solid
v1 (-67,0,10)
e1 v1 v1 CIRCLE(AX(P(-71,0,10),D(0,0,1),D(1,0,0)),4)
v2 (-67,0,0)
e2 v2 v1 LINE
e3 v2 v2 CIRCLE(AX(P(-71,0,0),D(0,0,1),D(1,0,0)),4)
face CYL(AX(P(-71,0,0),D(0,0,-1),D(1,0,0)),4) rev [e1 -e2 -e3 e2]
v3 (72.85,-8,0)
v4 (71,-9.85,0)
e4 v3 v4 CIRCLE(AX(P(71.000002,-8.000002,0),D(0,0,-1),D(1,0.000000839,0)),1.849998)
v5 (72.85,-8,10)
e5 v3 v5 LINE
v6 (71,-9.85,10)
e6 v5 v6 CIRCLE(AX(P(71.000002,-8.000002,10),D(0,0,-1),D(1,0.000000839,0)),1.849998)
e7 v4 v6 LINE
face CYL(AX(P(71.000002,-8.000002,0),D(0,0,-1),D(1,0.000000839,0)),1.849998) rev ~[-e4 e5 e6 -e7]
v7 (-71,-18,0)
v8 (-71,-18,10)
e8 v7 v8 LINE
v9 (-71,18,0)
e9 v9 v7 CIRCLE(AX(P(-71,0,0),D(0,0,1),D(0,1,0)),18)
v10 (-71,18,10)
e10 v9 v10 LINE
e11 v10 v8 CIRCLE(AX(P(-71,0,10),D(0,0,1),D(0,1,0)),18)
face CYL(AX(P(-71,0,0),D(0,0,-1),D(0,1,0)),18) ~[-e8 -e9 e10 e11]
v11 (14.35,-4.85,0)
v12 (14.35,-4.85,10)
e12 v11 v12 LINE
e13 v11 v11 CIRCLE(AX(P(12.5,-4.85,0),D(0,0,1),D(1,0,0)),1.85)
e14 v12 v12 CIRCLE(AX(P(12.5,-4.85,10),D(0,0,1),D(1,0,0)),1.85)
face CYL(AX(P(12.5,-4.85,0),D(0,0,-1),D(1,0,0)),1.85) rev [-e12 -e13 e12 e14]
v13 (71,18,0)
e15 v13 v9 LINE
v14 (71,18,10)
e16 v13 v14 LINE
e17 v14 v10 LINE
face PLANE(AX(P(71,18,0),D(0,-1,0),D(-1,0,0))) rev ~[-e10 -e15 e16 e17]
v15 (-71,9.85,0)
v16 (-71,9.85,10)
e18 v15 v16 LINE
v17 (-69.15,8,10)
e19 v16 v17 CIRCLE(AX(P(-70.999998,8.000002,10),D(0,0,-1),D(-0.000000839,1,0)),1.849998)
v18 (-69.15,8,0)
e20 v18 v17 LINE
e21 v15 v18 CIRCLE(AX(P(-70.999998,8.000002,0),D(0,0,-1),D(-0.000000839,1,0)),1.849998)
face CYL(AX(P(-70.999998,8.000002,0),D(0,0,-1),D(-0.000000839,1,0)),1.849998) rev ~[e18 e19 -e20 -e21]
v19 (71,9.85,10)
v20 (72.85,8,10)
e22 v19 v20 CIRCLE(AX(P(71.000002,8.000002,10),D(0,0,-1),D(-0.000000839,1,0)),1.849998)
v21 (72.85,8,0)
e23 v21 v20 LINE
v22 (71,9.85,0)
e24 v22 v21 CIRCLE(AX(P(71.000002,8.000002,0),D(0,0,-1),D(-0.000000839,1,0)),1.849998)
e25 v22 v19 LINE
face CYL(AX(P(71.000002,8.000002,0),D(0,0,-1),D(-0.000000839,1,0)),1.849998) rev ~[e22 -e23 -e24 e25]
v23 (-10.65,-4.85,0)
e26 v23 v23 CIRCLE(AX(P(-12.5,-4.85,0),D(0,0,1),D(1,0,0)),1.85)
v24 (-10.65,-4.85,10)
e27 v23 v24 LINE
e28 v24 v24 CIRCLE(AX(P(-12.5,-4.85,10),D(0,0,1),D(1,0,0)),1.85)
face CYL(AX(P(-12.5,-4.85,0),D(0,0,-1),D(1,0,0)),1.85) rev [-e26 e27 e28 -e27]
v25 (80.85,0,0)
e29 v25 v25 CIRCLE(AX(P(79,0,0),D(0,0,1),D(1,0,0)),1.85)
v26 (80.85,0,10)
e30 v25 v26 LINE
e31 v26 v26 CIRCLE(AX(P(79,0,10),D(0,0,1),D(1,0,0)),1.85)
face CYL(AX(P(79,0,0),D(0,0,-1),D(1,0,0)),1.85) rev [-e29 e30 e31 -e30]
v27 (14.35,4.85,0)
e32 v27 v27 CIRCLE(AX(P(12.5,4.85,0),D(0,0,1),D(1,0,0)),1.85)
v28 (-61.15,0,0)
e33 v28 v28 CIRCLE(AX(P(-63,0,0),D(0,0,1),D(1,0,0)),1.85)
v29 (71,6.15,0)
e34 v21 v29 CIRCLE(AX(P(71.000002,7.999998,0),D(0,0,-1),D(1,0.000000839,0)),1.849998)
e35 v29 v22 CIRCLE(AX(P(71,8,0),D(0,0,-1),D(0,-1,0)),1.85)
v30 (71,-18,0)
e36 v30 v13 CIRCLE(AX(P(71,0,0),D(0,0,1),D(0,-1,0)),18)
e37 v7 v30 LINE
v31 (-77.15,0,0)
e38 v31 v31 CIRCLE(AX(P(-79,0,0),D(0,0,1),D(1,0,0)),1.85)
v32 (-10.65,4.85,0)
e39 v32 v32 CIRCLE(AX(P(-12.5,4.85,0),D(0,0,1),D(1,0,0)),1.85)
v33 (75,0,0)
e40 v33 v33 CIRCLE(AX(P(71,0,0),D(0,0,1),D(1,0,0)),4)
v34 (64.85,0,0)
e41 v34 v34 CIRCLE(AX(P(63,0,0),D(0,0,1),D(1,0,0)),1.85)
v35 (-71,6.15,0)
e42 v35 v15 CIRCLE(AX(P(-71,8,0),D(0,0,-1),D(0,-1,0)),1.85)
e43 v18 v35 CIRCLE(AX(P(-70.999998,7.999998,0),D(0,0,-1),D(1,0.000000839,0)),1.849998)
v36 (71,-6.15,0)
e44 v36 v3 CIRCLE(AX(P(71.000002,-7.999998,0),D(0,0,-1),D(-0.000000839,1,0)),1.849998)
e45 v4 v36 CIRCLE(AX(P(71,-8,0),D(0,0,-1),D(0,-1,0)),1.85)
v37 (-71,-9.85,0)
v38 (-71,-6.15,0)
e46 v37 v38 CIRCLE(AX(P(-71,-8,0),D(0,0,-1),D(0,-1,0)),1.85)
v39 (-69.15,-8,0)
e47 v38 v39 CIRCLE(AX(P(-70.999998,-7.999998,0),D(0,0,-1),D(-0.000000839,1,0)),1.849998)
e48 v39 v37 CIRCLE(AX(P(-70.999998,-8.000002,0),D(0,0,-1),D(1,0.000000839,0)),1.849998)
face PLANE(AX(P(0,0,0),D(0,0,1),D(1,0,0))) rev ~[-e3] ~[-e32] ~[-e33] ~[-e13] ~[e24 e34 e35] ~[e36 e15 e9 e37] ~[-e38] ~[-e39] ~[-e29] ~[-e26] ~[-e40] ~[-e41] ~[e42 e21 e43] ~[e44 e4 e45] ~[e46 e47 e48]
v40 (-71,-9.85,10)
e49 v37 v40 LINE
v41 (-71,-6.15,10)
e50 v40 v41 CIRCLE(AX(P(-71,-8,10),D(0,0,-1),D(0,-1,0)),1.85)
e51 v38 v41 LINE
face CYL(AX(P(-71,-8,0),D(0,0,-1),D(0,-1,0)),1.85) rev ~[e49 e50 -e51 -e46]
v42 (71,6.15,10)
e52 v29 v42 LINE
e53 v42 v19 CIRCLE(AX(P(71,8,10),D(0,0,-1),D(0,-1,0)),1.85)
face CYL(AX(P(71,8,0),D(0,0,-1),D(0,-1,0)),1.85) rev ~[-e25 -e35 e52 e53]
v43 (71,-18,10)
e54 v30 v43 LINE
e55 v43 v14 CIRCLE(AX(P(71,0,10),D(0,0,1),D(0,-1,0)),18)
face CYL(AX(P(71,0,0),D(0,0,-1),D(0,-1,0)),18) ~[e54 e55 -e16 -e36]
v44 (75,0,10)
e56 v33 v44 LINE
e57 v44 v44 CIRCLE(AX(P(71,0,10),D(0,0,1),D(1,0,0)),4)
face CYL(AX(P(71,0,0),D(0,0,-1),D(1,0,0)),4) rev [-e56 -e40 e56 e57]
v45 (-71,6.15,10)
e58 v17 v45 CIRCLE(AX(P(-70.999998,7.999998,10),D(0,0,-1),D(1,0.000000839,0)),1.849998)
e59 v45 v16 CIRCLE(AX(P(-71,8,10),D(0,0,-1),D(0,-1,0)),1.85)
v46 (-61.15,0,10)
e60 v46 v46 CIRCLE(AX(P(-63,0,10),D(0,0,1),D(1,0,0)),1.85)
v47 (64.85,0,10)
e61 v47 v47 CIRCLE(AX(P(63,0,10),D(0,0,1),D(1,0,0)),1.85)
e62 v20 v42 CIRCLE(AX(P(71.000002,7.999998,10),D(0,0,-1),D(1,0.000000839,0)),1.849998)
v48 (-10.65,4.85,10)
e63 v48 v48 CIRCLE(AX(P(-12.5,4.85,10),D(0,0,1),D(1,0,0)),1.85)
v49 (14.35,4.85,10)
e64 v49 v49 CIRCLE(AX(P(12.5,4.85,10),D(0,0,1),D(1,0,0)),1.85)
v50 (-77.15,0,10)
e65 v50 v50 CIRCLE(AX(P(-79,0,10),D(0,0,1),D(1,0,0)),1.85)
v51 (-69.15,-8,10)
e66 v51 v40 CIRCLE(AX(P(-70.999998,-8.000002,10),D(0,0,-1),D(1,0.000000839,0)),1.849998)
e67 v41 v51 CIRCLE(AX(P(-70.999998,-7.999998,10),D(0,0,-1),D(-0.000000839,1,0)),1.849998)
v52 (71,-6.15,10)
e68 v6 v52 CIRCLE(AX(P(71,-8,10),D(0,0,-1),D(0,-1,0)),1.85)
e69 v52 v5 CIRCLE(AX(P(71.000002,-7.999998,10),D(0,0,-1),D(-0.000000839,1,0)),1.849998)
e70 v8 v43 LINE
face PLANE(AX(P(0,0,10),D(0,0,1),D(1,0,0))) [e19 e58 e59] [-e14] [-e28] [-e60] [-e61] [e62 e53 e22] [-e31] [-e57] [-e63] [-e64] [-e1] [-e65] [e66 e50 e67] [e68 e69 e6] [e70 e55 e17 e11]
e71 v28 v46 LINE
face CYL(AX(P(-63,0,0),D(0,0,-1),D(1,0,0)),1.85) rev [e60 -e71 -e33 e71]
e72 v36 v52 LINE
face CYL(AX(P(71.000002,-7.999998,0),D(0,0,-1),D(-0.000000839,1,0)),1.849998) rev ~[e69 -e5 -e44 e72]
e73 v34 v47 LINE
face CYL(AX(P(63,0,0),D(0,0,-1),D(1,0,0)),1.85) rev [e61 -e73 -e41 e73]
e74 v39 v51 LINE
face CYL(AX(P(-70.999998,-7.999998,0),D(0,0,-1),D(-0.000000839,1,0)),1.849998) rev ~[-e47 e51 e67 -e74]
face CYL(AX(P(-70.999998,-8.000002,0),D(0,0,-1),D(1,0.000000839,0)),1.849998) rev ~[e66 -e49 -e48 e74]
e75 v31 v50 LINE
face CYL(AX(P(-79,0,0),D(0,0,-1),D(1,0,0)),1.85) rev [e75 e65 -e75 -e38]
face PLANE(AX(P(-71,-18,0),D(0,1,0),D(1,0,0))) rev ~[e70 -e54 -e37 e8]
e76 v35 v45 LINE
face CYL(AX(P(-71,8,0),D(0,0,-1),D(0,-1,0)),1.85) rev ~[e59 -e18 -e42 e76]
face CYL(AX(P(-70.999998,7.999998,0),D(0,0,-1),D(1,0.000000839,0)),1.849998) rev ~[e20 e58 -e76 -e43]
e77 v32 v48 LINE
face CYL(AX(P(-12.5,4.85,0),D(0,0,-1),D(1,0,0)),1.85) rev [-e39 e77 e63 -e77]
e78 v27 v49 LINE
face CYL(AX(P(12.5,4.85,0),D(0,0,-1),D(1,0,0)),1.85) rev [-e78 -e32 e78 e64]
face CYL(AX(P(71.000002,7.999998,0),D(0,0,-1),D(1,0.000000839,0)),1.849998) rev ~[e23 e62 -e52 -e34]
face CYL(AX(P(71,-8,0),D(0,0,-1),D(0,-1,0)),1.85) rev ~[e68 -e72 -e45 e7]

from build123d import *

# Parameters (mm, degrees)
F0_R     = 1.85
F0_R_2   = 4
F1_DEPTH = 10


with BuildPart() as f1:
    # F0 (on Top) → F1 (new body)
    with BuildSketch(Plane.XY):
        with BuildLine():
            Line((-71, -18), (71, -18))
            ThreePointArc((71, -18), (89, 0), (71, 18))
            Line((71, 18), (-71, 18))
            ThreePointArc((-71, 18), (-89, 0), (-71, -18))
        make_face()
        with BuildLine():
            ThreePointArc((-71, -6.15), (-69.691852, -6.691852), (-69.15, -8))
            ThreePointArc((-69.15, -8), (-69.691852, -9.308148), (-71, -9.85))
            ThreePointArc((-71, -9.85), (-72.85, -8), (-71, -6.15))
        make_face(mode=Mode.SUBTRACT)
        with Locations((-12.5, -4.85)):
            Circle(F0_R, mode=Mode.SUBTRACT)
        with Locations((12.5, -4.85)):
            Circle(F0_R, mode=Mode.SUBTRACT)
        with BuildLine():
            ThreePointArc((71, -6.15), (72.308148, -6.691852), (72.85, -8))
            ThreePointArc((72.85, -8), (72.308148, -9.308148), (71, -9.85))
            ThreePointArc((71, -9.85), (69.15, -8), (71, -6.15))
        make_face(mode=Mode.SUBTRACT)
        with Locations((-79, 0)):
            Circle(F0_R, mode=Mode.SUBTRACT)
        with Locations((-71, 0)):
            Circle(F0_R_2, mode=Mode.SUBTRACT)
        with Locations((-63, 0)):
            Circle(F0_R, mode=Mode.SUBTRACT)
        with BuildLine():
            ThreePointArc((-71, 9.85), (-69.691852, 9.308148), (-69.15, 8))
            ThreePointArc((-69.15, 8), (-69.691852, 6.691852), (-71, 6.15))
            ThreePointArc((-71, 6.15), (-72.85, 8), (-71, 9.85))
        make_face(mode=Mode.SUBTRACT)
        with Locations((-12.5, 4.85)):
            Circle(F0_R, mode=Mode.SUBTRACT)
        with Locations((12.5, 4.85)):
            Circle(F0_R, mode=Mode.SUBTRACT)
        with Locations((63, 0)):
            Circle(F0_R, mode=Mode.SUBTRACT)
        with Locations((71, 0)):
            Circle(F0_R_2, mode=Mode.SUBTRACT)
        with Locations((79, 0)):
            Circle(F0_R, mode=Mode.SUBTRACT)
        with BuildLine():
            ThreePointArc((71, 9.85), (72.308148, 9.308148), (72.85, 8))
            ThreePointArc((72.85, 8), (72.308148, 6.691852), (71, 6.15))
            ThreePointArc((71, 6.15), (69.15, 8), (71, 9.85))
        make_face(mode=Mode.SUBTRACT)
    extrude(amount=F1_DEPTH)


solid = f1.part
